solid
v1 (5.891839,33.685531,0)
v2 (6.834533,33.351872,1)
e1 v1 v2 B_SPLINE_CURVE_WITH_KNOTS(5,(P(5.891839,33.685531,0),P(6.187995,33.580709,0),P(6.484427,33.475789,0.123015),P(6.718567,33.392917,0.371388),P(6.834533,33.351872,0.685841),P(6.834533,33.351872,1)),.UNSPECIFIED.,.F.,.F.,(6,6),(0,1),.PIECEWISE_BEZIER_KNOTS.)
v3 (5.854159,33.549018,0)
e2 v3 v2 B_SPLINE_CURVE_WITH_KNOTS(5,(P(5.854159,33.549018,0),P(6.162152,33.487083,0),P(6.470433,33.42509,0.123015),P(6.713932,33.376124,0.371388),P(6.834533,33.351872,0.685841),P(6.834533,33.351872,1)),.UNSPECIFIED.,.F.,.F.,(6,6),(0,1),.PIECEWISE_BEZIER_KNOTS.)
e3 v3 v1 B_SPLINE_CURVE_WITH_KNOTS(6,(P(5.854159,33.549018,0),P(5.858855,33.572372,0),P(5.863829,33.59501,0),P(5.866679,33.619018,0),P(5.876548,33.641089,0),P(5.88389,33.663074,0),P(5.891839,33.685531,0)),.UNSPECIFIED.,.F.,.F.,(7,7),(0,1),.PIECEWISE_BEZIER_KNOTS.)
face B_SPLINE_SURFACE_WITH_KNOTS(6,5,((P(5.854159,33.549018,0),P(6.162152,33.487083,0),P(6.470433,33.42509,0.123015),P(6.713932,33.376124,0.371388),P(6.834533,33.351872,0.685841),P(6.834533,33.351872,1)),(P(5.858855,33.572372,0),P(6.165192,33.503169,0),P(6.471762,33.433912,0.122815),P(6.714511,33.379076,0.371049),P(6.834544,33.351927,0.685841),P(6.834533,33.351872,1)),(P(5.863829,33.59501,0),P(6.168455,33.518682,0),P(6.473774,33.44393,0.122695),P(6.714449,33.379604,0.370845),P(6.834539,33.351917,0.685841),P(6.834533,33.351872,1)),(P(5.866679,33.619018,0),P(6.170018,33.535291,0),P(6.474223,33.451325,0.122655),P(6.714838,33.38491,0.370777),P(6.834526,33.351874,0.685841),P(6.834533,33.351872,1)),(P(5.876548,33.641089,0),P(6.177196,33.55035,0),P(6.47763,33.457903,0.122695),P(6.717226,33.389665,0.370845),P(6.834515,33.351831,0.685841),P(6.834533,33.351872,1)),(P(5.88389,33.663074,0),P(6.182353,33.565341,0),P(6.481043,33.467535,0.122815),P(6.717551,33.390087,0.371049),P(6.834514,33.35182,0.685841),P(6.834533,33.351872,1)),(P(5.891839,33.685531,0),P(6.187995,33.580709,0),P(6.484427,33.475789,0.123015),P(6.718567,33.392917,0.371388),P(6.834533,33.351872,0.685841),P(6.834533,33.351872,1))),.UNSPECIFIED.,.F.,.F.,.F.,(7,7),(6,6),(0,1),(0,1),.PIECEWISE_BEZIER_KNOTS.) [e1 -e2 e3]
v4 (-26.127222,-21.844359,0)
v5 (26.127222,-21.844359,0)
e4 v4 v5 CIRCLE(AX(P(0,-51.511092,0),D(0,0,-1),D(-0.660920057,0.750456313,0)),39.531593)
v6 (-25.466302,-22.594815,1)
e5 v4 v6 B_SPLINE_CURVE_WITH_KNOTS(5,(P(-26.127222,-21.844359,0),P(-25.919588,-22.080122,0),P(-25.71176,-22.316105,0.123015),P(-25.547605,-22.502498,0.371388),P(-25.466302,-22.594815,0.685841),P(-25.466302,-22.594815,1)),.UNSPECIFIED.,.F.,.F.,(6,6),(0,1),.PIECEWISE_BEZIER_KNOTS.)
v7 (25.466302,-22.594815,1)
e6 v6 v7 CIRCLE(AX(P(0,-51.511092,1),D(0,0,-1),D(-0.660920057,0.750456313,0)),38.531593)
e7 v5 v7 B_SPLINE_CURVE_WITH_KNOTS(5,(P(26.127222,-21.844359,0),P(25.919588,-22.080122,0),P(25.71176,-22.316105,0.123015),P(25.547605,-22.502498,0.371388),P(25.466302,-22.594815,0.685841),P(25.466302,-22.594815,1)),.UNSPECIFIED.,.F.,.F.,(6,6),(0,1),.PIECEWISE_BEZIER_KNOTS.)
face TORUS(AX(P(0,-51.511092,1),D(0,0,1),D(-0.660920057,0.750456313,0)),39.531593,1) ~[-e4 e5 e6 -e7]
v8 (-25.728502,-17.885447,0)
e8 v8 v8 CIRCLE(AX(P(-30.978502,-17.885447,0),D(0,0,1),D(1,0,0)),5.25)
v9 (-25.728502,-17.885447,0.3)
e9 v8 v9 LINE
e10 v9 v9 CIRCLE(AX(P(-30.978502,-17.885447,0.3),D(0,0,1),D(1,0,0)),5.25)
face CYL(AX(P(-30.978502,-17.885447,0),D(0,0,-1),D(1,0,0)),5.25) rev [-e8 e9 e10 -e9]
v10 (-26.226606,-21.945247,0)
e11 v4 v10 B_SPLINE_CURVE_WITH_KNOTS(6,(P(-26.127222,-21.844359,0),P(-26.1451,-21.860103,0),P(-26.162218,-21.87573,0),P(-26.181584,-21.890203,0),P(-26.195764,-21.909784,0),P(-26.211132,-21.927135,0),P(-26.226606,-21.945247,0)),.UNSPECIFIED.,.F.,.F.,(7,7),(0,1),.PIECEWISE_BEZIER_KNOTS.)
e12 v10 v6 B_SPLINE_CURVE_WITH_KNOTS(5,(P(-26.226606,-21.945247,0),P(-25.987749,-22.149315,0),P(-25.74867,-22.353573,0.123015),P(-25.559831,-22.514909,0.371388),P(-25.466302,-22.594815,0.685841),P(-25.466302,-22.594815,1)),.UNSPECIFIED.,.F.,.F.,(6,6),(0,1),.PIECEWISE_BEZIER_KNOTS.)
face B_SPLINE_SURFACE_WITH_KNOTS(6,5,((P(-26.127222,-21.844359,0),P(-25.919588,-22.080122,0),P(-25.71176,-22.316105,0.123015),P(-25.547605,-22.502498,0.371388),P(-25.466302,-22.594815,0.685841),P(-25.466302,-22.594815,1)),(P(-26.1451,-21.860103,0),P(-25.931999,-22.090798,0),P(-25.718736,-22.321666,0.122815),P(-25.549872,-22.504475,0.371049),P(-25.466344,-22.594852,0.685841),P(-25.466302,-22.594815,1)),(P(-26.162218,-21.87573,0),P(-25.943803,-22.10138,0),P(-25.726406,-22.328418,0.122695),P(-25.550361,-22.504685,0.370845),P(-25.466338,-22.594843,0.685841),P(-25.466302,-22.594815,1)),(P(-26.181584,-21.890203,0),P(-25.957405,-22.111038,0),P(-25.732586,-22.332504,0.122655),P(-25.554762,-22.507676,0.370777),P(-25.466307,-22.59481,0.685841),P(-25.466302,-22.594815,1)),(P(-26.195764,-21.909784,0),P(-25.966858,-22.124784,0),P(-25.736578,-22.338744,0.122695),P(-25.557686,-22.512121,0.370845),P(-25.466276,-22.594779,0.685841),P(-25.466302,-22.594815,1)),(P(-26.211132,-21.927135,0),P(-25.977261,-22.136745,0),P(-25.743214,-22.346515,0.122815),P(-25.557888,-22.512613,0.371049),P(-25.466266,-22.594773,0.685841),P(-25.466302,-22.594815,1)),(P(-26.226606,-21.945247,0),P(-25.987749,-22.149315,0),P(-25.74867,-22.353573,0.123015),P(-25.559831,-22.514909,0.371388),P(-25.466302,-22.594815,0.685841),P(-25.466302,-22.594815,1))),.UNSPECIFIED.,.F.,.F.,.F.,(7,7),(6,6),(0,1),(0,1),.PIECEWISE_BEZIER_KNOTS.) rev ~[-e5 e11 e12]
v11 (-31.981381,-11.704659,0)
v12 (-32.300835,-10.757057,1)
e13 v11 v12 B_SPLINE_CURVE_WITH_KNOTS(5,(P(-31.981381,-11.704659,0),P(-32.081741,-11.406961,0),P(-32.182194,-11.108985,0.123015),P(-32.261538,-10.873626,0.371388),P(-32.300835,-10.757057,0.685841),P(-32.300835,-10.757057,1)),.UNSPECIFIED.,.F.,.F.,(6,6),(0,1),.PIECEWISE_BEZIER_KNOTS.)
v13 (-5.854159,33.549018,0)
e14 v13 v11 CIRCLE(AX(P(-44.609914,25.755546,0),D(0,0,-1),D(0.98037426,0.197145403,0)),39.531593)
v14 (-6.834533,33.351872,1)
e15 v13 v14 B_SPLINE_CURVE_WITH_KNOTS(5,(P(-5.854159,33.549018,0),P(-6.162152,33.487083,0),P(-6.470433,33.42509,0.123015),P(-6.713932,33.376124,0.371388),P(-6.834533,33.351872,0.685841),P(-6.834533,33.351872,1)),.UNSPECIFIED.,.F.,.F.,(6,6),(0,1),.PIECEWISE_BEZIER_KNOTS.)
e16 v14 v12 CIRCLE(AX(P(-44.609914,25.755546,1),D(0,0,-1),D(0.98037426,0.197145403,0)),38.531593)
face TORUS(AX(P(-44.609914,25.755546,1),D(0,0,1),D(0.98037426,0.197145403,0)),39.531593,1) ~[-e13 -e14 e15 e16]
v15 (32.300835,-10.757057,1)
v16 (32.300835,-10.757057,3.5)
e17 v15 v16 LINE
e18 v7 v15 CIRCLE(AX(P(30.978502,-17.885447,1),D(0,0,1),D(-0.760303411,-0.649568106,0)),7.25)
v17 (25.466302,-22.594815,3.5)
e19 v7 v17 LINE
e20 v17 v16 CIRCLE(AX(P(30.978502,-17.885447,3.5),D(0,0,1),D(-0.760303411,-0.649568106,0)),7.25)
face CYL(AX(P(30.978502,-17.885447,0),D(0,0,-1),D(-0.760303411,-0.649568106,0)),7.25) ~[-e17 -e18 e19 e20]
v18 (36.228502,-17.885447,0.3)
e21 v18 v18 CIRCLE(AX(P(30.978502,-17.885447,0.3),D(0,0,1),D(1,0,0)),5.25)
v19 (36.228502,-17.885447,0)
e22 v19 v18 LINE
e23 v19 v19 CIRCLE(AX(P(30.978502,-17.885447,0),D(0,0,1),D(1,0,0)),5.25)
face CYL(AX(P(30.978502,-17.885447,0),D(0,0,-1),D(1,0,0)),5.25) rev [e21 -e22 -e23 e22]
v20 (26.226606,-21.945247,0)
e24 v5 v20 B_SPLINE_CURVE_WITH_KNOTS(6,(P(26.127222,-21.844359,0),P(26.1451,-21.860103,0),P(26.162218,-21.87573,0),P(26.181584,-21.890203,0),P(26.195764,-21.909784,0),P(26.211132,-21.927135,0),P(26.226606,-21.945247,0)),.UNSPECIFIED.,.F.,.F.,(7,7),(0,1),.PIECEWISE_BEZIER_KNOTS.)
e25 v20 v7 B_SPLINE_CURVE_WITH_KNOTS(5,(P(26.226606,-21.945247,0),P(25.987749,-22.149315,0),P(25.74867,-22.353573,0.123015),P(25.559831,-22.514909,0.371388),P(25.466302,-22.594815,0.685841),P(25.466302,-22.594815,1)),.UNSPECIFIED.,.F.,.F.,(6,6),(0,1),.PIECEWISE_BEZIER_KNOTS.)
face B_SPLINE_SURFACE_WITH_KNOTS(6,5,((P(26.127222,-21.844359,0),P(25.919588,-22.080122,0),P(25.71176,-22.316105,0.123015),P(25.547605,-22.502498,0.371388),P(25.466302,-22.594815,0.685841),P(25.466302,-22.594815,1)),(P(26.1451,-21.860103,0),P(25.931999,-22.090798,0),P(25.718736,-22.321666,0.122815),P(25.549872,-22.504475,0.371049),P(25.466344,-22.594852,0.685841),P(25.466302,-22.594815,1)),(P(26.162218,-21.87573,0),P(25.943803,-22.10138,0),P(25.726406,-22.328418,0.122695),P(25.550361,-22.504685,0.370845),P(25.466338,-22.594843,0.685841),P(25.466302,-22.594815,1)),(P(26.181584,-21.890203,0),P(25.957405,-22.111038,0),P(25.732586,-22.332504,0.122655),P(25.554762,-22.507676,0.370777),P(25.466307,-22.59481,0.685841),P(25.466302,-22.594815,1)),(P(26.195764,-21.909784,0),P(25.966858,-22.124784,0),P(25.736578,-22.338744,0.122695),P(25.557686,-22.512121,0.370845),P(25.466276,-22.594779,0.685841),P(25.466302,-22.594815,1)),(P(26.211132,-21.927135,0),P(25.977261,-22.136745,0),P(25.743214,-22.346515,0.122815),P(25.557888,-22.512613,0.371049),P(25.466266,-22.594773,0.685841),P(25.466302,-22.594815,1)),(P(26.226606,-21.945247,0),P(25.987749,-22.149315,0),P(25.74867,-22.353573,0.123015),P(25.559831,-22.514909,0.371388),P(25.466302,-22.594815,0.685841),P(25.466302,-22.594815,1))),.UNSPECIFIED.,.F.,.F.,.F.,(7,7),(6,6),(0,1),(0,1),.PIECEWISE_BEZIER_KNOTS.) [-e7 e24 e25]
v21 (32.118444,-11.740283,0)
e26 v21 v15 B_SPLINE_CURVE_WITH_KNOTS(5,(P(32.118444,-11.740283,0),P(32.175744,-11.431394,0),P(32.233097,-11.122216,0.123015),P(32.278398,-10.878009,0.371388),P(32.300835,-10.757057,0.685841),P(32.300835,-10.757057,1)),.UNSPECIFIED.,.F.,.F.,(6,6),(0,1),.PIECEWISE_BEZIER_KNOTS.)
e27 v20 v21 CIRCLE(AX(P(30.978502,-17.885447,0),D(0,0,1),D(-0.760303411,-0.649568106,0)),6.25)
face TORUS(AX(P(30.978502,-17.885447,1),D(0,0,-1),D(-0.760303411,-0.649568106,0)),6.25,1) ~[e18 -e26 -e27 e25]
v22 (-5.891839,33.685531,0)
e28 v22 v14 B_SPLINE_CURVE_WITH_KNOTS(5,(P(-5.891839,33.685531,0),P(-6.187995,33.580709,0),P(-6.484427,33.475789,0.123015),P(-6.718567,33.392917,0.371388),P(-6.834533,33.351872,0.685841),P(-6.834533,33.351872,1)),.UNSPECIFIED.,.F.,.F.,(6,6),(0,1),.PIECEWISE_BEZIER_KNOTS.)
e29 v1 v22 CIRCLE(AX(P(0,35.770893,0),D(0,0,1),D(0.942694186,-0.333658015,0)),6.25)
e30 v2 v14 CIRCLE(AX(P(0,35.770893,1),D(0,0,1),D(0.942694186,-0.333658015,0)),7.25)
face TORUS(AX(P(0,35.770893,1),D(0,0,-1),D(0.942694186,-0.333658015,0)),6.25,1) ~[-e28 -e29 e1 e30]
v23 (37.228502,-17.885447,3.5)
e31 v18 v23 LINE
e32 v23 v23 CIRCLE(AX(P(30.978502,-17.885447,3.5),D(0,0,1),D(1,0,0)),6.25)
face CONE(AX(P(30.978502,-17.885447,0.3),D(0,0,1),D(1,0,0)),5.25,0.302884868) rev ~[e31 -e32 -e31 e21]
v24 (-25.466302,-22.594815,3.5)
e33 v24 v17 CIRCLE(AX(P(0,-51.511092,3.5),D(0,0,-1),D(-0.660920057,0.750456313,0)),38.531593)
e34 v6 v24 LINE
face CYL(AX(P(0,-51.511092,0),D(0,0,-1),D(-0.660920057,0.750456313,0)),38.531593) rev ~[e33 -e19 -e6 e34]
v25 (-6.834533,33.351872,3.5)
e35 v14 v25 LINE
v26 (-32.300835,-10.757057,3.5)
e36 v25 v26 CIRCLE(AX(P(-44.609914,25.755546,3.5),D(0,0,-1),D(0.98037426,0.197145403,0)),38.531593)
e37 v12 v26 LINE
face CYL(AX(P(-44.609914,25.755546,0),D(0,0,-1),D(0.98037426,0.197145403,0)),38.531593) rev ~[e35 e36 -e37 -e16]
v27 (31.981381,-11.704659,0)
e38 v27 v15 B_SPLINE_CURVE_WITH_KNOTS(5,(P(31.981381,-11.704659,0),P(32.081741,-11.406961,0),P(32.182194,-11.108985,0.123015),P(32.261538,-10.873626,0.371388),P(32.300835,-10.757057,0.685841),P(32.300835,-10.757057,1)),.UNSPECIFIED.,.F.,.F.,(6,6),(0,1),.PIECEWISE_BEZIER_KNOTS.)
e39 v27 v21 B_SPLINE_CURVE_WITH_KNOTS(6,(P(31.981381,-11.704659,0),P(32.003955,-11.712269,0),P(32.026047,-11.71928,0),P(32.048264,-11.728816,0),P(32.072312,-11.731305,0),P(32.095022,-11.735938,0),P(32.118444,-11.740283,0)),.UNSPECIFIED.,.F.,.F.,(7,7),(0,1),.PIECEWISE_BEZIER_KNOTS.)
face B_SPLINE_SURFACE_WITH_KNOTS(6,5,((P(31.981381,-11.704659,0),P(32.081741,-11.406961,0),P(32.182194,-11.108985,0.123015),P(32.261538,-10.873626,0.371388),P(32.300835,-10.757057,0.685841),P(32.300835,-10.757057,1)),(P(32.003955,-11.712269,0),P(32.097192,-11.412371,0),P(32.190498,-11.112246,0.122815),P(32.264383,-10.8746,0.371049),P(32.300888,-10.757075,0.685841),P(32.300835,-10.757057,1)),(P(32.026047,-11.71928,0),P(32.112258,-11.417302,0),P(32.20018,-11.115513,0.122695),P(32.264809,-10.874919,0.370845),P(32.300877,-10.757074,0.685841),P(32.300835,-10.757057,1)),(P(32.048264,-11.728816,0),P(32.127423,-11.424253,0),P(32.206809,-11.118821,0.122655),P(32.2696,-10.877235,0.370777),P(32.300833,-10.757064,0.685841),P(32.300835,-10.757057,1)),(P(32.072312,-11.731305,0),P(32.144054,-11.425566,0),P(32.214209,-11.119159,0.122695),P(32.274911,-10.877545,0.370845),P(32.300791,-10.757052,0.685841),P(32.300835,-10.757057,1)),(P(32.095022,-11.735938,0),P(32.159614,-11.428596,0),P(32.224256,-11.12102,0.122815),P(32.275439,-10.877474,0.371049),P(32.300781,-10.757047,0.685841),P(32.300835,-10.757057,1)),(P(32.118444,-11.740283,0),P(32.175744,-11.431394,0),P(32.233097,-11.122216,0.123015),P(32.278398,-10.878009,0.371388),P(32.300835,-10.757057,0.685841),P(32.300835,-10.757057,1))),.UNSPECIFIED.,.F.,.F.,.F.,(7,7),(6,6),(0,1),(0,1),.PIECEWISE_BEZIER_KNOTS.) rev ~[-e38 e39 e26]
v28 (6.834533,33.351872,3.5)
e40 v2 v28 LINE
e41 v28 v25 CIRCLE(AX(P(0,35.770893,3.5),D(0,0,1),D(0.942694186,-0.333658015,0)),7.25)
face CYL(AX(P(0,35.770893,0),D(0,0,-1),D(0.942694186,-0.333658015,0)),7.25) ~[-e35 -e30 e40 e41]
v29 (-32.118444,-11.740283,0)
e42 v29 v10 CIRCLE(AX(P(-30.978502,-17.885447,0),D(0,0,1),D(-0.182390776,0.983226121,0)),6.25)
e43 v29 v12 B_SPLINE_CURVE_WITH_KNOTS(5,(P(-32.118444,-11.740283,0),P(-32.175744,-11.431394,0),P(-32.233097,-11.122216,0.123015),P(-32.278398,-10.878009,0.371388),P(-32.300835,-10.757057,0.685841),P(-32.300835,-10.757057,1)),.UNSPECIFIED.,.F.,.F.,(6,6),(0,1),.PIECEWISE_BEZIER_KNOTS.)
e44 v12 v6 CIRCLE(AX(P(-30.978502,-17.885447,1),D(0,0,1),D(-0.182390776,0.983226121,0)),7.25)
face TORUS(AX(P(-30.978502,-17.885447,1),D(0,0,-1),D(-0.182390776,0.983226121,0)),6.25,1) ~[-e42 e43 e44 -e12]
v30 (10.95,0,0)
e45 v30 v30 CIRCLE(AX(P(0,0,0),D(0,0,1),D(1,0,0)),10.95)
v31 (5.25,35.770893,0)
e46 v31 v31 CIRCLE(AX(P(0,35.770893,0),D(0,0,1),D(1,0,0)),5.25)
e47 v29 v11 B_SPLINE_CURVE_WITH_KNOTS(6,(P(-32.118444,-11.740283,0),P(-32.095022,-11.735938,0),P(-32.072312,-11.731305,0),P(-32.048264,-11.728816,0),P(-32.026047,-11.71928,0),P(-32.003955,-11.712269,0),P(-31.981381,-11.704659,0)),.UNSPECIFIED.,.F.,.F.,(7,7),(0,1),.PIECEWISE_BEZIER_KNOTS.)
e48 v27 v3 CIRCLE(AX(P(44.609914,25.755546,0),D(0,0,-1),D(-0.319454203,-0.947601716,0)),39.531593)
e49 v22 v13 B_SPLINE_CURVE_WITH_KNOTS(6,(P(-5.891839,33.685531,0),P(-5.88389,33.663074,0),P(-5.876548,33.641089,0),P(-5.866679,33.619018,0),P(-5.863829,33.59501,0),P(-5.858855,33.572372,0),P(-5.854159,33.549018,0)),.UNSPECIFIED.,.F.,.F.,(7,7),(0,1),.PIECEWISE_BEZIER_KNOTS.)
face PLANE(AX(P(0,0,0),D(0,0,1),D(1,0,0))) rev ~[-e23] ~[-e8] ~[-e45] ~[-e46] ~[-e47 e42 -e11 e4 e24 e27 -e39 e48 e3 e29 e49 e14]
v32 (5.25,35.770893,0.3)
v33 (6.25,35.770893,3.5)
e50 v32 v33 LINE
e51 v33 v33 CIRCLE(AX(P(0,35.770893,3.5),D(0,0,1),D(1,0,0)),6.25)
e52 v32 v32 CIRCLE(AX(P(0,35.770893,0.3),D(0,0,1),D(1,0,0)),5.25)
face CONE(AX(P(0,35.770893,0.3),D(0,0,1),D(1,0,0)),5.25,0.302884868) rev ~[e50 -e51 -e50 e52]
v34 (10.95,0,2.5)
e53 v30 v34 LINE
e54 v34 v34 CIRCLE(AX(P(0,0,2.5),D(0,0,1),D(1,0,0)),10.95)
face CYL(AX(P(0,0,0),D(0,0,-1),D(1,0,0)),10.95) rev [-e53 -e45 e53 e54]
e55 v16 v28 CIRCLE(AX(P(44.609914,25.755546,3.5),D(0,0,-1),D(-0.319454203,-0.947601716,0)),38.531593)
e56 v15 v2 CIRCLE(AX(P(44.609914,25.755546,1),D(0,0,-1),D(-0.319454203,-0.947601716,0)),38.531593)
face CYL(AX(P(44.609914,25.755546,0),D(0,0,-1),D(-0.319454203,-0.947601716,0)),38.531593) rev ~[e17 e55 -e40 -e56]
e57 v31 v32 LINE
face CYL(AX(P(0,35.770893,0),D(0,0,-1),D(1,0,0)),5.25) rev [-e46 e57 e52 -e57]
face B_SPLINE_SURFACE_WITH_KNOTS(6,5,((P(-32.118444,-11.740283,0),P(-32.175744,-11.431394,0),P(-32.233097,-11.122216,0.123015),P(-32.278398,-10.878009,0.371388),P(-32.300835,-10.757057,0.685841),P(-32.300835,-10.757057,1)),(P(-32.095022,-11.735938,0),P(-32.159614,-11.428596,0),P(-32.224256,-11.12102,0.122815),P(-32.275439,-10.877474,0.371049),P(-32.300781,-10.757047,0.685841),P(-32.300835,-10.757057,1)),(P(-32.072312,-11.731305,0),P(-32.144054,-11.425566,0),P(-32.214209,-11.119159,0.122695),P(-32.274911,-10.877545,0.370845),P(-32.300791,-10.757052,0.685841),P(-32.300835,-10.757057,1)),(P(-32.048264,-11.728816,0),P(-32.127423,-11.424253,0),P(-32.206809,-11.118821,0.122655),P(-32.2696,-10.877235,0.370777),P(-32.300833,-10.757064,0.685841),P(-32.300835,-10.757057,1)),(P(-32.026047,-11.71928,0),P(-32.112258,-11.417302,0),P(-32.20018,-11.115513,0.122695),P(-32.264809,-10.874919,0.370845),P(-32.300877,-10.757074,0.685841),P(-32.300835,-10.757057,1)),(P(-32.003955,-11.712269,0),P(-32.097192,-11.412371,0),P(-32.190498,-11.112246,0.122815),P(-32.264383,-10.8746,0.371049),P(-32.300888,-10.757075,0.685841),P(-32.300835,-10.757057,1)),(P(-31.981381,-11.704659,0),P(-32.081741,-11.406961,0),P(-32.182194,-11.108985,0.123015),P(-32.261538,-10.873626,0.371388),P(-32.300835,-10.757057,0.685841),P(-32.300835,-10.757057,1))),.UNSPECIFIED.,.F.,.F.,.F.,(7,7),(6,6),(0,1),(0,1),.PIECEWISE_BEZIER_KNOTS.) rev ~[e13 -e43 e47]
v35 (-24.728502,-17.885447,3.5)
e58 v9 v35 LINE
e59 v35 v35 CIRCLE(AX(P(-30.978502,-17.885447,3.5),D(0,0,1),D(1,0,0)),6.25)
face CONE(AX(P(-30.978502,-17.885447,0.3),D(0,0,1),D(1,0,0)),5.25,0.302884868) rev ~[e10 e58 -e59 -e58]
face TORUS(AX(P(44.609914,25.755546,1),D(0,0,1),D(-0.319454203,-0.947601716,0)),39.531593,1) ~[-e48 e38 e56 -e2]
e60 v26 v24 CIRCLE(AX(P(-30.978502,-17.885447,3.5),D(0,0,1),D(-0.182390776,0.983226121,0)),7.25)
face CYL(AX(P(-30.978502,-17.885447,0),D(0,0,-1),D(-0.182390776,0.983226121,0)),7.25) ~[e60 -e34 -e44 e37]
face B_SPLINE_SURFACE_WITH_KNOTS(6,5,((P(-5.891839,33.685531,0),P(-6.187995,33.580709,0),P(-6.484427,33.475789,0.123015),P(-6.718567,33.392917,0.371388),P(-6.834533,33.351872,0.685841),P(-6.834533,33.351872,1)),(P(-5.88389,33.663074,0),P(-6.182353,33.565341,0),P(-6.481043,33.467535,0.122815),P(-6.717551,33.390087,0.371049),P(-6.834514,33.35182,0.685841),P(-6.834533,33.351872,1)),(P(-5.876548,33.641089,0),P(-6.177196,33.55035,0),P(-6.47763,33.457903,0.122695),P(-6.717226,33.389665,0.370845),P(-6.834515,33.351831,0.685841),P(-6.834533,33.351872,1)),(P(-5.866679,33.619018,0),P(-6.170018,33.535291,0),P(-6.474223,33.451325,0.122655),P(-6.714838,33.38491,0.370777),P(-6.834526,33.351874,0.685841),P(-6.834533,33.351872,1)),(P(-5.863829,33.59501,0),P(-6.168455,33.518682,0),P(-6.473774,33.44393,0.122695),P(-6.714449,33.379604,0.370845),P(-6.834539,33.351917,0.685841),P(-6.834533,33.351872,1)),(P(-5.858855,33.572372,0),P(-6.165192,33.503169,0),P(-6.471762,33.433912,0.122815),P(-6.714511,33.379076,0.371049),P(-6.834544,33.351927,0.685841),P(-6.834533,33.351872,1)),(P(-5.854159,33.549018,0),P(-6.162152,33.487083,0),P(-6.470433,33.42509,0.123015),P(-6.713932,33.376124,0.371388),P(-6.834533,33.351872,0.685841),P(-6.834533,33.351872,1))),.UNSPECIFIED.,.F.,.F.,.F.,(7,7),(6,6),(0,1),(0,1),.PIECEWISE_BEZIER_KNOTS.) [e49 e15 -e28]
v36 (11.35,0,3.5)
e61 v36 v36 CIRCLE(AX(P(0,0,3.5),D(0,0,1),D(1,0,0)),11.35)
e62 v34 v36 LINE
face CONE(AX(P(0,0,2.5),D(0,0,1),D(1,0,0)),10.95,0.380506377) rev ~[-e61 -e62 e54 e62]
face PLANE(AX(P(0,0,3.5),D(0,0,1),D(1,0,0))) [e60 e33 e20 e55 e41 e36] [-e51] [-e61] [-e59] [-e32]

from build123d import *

# Parameters (mm, degrees)
F0_R       = 5.25
F0_R_2     = 10.95
F1_DEPTH   = 3.5
F2_SIZE2   = 0.4
F2_SIZE    = 1
F3_SIZE2   = 1
F3_SIZE    = 3.2
F3_2_SIZE2 = 1
F3_2_SIZE  = 3.2
F3_3_SIZE2 = 1
F3_3_SIZE  = 3.2
F4_R       = 1


with BuildPart() as f1:
    # F0 (on Top) → F1 (new body)
    with BuildSketch(Plane.XY):
        with BuildLine():
            ThreePointArc((32.3008352617, -10.7570571715), (11.2405764073, 6.4897498146), (6.8345328504, 33.3518724858))
            ThreePointArc((6.8345328504, 33.3518724858), (0, 43.0208930969), (-6.8345328504, 33.3518724858))
            ThreePointArc((-6.8345328504, 33.3518724858), (-11.2405764073, 6.4897498146), (-32.3008352617, -10.7570571715))
            ThreePointArc((-32.3008352617, -10.7570571715), (-37.2571863154, -21.5104465485), (-25.4663024113, -22.5948153143))
            ThreePointArc((-25.4663024113, -22.5948153143), (0, -12.9794996293), (25.4663024113, -22.5948153143))
            ThreePointArc((25.4663024113, -22.5948153143), (37.2571863154, -21.5104465485), (32.3008352617, -10.7570571715))
        make_face()
        with Locations((-30.978502138, -17.8854465485)):
            Circle(F0_R, mode=Mode.SUBTRACT)
        with Locations((30.978502138, -17.8854465485)):
            Circle(F0_R, mode=Mode.SUBTRACT)
        Circle(F0_R_2, mode=Mode.SUBTRACT)
        with Locations((0, 35.7708930969)):
            Circle(F0_R, mode=Mode.SUBTRACT)
    extrude(amount=F1_DEPTH)

    # F2
    f2_edges = [f1.edges().sort_by_distance(p)[0] for p in [
        (-10.95, 0, 3.5),
    ]]
    f2_side = f1.faces().sort_by_distance((-10.95, 0, 1.75))[0]
    chamfer(f2_edges, length=F2_SIZE, length2=F2_SIZE2, reference=f2_side)

    # F3
    f3_edges = [f1.edges().sort_by_distance(p)[0] for p in [
        (-5.25, 35.770893, 3.5),
    ]]
    f3_side = f1.faces().sort_by_distance((-5.25, 35.770893, 1.75))[0]
    chamfer(f3_edges, length=F3_SIZE, length2=F3_SIZE2, reference=f3_side)

    # F3#2
    f3_2_edges = [f1.edges().sort_by_distance(p)[0] for p in [
        (-36.228502, -17.885447, 3.5),
    ]]
    f3_2_side = f1.faces().sort_by_distance((-36.228502, -17.885447, 1.75))[0]
    chamfer(f3_2_edges, length=F3_2_SIZE, length2=F3_2_SIZE2, reference=f3_2_side)

    # F3#3
    f3_3_edges = [f1.edges().sort_by_distance(p)[0] for p in [
        (25.728502, -17.885447, 3.5),
    ]]
    f3_3_side = f1.faces().sort_by_distance((25.728502, -17.885447, 1.75))[0]
    chamfer(f3_3_edges, length=F3_3_SIZE, length2=F3_3_SIZE2, reference=f3_3_side)

    # F4
    f4_edges = [f1.edges().sort_by_distance(p)[0] for p in [
        (0, -12.9795, 0),
        (11.240576, 6.48975, 0),
        (37.257186, -21.510447, 0),
        (0, 43.020893, 0),
        (-37.257186, -21.510447, 0),
        (-11.240576, 6.48975, 0),
    ]]
    fillet(f4_edges, radius=F4_R)


solid = f1.part
